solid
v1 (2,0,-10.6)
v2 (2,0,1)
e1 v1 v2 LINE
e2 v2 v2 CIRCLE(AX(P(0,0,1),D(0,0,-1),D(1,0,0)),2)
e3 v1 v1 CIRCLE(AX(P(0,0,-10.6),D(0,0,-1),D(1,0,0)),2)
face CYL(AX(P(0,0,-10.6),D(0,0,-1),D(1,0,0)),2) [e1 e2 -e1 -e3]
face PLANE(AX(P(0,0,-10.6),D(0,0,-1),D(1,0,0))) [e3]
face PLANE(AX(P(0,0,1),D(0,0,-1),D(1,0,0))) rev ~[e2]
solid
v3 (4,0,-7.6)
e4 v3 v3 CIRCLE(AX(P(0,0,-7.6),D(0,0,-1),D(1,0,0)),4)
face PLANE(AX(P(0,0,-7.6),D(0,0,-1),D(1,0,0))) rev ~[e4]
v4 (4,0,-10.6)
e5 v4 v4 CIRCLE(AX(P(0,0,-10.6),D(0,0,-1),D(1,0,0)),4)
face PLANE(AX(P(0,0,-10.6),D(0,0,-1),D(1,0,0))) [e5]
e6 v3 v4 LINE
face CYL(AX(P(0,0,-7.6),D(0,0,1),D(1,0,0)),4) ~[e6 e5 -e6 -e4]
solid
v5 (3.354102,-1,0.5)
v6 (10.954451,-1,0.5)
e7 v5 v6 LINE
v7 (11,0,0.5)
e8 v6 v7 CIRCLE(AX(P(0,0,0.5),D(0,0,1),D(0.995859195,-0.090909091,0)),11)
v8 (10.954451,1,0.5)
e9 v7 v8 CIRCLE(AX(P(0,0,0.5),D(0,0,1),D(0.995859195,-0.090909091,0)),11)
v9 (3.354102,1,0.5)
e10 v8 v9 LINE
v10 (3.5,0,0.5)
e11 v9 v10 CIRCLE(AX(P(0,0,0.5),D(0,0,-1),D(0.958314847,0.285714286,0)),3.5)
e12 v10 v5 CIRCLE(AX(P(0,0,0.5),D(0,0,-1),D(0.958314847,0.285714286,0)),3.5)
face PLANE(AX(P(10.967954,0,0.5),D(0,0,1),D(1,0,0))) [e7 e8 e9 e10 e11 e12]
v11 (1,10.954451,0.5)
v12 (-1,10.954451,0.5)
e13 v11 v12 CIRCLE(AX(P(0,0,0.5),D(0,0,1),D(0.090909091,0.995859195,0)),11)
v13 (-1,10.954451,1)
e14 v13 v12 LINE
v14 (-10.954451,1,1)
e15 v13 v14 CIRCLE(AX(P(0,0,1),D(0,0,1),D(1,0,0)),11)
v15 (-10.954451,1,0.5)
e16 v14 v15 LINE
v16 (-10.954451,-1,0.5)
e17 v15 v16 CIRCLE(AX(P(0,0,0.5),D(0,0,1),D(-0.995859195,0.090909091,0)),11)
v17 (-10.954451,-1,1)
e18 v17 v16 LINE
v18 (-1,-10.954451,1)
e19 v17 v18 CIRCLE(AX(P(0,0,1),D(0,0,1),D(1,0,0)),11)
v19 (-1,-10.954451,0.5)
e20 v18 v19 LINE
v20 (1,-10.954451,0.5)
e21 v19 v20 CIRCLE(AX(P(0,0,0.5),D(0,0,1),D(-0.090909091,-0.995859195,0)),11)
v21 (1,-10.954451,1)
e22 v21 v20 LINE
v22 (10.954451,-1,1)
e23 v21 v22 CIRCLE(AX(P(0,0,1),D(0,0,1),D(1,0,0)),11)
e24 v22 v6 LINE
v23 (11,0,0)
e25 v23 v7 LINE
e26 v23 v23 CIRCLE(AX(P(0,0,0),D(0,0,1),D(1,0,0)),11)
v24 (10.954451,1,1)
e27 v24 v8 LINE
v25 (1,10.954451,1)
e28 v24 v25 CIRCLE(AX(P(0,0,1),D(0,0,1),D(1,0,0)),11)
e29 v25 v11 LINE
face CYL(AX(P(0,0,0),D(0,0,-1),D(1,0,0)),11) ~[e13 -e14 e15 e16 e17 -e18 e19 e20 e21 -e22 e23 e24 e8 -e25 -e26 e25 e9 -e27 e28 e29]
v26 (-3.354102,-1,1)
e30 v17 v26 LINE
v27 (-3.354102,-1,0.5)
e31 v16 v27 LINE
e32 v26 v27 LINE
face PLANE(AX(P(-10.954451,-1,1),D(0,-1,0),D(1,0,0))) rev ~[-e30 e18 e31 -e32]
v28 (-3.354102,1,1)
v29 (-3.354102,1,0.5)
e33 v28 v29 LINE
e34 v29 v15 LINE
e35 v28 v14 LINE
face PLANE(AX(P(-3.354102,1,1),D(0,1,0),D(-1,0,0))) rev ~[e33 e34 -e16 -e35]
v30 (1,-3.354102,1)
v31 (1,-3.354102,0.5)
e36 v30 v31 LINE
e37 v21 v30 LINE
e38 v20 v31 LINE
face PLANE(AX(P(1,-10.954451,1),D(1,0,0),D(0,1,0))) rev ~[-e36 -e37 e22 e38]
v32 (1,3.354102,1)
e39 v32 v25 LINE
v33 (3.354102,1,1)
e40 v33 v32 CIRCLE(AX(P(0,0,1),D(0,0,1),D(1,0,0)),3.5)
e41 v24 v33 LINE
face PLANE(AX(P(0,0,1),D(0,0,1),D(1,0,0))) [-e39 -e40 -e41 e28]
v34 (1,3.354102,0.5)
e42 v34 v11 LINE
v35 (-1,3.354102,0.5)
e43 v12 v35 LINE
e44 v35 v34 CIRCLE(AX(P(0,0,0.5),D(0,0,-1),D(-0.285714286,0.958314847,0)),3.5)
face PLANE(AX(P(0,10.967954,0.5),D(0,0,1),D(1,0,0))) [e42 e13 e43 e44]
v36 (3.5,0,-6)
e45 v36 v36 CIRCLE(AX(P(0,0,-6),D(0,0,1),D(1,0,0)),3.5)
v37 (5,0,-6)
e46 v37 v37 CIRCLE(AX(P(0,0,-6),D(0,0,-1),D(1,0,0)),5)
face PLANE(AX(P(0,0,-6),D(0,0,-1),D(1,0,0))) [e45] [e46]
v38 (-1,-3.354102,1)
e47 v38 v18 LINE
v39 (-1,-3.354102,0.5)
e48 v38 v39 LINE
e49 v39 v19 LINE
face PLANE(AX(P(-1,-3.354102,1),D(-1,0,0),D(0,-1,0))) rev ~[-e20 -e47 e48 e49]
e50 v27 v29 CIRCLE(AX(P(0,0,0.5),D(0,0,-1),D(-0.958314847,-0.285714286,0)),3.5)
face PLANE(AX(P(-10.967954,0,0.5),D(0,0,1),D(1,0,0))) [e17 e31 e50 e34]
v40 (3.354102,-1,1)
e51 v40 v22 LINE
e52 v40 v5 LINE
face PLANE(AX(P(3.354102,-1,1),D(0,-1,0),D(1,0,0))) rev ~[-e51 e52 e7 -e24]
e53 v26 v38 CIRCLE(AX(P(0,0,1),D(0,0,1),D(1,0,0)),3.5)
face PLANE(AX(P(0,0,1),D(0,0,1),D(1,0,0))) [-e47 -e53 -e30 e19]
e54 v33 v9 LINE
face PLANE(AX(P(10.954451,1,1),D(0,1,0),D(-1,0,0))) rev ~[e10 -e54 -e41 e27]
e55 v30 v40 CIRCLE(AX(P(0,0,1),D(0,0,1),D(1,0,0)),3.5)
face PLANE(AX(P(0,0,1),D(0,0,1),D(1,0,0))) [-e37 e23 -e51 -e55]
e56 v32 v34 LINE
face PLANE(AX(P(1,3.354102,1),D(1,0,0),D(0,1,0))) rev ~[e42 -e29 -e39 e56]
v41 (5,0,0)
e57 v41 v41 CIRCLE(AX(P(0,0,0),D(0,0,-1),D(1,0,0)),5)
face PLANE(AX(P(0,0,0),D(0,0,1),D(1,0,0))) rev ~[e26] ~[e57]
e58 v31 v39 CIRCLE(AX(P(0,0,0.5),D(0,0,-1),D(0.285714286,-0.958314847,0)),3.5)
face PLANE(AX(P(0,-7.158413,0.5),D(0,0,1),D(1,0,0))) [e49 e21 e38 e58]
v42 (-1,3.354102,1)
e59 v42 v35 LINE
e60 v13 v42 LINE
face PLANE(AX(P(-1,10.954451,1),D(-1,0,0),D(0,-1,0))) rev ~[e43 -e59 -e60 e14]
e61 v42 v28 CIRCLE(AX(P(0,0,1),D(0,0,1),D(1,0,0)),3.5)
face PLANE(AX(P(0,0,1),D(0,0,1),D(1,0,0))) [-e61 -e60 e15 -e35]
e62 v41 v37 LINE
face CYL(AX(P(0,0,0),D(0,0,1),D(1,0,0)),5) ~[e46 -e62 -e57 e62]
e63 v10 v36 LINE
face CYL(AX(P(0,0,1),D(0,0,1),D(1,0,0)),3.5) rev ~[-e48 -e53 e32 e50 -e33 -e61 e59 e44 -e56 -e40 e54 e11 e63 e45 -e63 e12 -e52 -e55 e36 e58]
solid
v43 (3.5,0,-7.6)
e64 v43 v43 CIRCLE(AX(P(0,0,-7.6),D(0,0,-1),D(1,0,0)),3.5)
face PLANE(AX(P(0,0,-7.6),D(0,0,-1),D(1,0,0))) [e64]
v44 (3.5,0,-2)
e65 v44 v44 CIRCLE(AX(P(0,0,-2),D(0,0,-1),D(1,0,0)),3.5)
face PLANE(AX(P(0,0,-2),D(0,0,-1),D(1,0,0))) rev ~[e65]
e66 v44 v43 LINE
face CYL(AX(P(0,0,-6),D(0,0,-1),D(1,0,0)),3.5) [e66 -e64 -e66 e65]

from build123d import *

# Parameters (mm, degrees)
F0_R          = 11
F1_DEPTH      = 1
F2_R          = 5
F3_DEPTH      = 6
F4_R          = 3.5
F5_DEPTH      = 11.6
F7_DEPTH      = 0.5
F8_R          = 3.5
F9_DEPTH      = 1.6
F9_DEPTH_BACK = 4
F10_R         = 4
F11_DEPTH     = 3
F12_R         = 2
F13_DEPTH     = 11.6


with BuildPart() as f1:
    # F0 (on Top) → F1 (new body)
    with BuildSketch(Plane.XY):
        Circle(F0_R)
    extrude(amount=F1_DEPTH)

    # F2 (on face) → F3 (join)
    with BuildSketch(Plane(origin=(0, 0, 0), x_dir=(1, 0, 0), z_dir=(0, 0, -1))):
        Circle(F2_R)
    extrude(amount=F3_DEPTH)

    # F4 (on face) → F5 (cut)
    with BuildSketch(Plane.XY.offset(1)):
        Circle(F4_R)
    extrude(amount=-F5_DEPTH, mode=Mode.SUBTRACT)

    # F6 (on face) → F7 (cut)
    with BuildSketch(Plane.XY.offset(1)):
        with BuildLine():
            Line((-10.9544511501, -1), (-10.9544511501, 1))
            ThreePointArc((-10.9544511501, 1), (-11, 0), (-10.9544511501, -1))
        make_face()
        with BuildLine():
            Line((-3.3541019662, 1), (-10.9544511501, 1))
            Line((-10.9544511501, 1), (-10.9544511501, -1))
            Line((-10.9544511501, -1), (-3.3541019662, -1))
            ThreePointArc((-3.3541019662, -1), (-3.5, 0), (-3.3541019662, 1))
        make_face()
        with BuildLine():
            ThreePointArc((10.9544511501, -1), (11, 0), (10.9544511501, 1))
            Line((10.9544511501, 1), (10.9544511501, -1))
        make_face()
        with BuildLine():
            Line((10.9544511501, -1), (10.9544511501, 1))
            Line((10.9544511501, 1), (3.3541019662, 1))
            ThreePointArc((3.3541019662, 1), (3.5, 0), (3.3541019662, -1))
            Line((3.3541019662, -1), (10.9544511501, -1))
        make_face()
        with BuildLine():
            ThreePointArc((1, 10.9544511501), (0, 11), (-1, 10.9544511501))
            Line((-1, 10.9544511501), (1, 10.9544511501))
        make_face()
        with BuildLine():
            Line((1, 10.9544511501), (-1, 10.9544511501))
            Line((-1, 10.9544511501), (-1, 3.3541019662))
            ThreePointArc((-1, 3.3541019662), (0, 3.5), (1, 3.3541019662))
            Line((1, 3.3541019662), (1, 10.9544511501))
        make_face()
        with BuildLine():
            Line((-1, -3.3541019662), (-1, -10.9544511501))
            Line((-1, -10.9544511501), (1, -10.9544511501))
            Line((1, -10.9544511501), (1, -3.3541019662))
            ThreePointArc((1, -3.3541019662), (0, -3.5), (-1, -3.3541019662))
        make_face()
        with BuildLine():
            Line((1, -10.9544511501), (-1, -10.9544511501))
            ThreePointArc((-1, -10.9544511501), (0, -11), (1, -10.9544511501))
        make_face()
    extrude(amount=-F7_DEPTH, mode=Mode.SUBTRACT)


with BuildPart() as f9:
    # F8 (on face) → F9 (new body, two sides)
    with BuildSketch(Plane(origin=(0, 0, -6), x_dir=(1, 0, 0), z_dir=(0, 0, -1))) as f9_sk:
        Circle(F8_R)
    extrude(amount=F9_DEPTH)
    extrude(f9_sk.sketch, amount=-F9_DEPTH_BACK)


with BuildPart() as f11:
    # F10 (on face) → F11 (new body)
    with BuildSketch(Plane(origin=(0, 0, -7.6), x_dir=(1, 0, 0), z_dir=(0, 0, -1))):
        Circle(F10_R)
    extrude(amount=F11_DEPTH)


with BuildPart() as f13:
    # F12 (on face) → F13 (new body)
    with BuildSketch(Plane(origin=(0, 0, -10.6), x_dir=(1, 0, 0), z_dir=(0, 0, -1))):
        Circle(F12_R)
    extrude(amount=-F13_DEPTH)


solid = Compound([f1.part, f9.part, f11.part, f13.part])
